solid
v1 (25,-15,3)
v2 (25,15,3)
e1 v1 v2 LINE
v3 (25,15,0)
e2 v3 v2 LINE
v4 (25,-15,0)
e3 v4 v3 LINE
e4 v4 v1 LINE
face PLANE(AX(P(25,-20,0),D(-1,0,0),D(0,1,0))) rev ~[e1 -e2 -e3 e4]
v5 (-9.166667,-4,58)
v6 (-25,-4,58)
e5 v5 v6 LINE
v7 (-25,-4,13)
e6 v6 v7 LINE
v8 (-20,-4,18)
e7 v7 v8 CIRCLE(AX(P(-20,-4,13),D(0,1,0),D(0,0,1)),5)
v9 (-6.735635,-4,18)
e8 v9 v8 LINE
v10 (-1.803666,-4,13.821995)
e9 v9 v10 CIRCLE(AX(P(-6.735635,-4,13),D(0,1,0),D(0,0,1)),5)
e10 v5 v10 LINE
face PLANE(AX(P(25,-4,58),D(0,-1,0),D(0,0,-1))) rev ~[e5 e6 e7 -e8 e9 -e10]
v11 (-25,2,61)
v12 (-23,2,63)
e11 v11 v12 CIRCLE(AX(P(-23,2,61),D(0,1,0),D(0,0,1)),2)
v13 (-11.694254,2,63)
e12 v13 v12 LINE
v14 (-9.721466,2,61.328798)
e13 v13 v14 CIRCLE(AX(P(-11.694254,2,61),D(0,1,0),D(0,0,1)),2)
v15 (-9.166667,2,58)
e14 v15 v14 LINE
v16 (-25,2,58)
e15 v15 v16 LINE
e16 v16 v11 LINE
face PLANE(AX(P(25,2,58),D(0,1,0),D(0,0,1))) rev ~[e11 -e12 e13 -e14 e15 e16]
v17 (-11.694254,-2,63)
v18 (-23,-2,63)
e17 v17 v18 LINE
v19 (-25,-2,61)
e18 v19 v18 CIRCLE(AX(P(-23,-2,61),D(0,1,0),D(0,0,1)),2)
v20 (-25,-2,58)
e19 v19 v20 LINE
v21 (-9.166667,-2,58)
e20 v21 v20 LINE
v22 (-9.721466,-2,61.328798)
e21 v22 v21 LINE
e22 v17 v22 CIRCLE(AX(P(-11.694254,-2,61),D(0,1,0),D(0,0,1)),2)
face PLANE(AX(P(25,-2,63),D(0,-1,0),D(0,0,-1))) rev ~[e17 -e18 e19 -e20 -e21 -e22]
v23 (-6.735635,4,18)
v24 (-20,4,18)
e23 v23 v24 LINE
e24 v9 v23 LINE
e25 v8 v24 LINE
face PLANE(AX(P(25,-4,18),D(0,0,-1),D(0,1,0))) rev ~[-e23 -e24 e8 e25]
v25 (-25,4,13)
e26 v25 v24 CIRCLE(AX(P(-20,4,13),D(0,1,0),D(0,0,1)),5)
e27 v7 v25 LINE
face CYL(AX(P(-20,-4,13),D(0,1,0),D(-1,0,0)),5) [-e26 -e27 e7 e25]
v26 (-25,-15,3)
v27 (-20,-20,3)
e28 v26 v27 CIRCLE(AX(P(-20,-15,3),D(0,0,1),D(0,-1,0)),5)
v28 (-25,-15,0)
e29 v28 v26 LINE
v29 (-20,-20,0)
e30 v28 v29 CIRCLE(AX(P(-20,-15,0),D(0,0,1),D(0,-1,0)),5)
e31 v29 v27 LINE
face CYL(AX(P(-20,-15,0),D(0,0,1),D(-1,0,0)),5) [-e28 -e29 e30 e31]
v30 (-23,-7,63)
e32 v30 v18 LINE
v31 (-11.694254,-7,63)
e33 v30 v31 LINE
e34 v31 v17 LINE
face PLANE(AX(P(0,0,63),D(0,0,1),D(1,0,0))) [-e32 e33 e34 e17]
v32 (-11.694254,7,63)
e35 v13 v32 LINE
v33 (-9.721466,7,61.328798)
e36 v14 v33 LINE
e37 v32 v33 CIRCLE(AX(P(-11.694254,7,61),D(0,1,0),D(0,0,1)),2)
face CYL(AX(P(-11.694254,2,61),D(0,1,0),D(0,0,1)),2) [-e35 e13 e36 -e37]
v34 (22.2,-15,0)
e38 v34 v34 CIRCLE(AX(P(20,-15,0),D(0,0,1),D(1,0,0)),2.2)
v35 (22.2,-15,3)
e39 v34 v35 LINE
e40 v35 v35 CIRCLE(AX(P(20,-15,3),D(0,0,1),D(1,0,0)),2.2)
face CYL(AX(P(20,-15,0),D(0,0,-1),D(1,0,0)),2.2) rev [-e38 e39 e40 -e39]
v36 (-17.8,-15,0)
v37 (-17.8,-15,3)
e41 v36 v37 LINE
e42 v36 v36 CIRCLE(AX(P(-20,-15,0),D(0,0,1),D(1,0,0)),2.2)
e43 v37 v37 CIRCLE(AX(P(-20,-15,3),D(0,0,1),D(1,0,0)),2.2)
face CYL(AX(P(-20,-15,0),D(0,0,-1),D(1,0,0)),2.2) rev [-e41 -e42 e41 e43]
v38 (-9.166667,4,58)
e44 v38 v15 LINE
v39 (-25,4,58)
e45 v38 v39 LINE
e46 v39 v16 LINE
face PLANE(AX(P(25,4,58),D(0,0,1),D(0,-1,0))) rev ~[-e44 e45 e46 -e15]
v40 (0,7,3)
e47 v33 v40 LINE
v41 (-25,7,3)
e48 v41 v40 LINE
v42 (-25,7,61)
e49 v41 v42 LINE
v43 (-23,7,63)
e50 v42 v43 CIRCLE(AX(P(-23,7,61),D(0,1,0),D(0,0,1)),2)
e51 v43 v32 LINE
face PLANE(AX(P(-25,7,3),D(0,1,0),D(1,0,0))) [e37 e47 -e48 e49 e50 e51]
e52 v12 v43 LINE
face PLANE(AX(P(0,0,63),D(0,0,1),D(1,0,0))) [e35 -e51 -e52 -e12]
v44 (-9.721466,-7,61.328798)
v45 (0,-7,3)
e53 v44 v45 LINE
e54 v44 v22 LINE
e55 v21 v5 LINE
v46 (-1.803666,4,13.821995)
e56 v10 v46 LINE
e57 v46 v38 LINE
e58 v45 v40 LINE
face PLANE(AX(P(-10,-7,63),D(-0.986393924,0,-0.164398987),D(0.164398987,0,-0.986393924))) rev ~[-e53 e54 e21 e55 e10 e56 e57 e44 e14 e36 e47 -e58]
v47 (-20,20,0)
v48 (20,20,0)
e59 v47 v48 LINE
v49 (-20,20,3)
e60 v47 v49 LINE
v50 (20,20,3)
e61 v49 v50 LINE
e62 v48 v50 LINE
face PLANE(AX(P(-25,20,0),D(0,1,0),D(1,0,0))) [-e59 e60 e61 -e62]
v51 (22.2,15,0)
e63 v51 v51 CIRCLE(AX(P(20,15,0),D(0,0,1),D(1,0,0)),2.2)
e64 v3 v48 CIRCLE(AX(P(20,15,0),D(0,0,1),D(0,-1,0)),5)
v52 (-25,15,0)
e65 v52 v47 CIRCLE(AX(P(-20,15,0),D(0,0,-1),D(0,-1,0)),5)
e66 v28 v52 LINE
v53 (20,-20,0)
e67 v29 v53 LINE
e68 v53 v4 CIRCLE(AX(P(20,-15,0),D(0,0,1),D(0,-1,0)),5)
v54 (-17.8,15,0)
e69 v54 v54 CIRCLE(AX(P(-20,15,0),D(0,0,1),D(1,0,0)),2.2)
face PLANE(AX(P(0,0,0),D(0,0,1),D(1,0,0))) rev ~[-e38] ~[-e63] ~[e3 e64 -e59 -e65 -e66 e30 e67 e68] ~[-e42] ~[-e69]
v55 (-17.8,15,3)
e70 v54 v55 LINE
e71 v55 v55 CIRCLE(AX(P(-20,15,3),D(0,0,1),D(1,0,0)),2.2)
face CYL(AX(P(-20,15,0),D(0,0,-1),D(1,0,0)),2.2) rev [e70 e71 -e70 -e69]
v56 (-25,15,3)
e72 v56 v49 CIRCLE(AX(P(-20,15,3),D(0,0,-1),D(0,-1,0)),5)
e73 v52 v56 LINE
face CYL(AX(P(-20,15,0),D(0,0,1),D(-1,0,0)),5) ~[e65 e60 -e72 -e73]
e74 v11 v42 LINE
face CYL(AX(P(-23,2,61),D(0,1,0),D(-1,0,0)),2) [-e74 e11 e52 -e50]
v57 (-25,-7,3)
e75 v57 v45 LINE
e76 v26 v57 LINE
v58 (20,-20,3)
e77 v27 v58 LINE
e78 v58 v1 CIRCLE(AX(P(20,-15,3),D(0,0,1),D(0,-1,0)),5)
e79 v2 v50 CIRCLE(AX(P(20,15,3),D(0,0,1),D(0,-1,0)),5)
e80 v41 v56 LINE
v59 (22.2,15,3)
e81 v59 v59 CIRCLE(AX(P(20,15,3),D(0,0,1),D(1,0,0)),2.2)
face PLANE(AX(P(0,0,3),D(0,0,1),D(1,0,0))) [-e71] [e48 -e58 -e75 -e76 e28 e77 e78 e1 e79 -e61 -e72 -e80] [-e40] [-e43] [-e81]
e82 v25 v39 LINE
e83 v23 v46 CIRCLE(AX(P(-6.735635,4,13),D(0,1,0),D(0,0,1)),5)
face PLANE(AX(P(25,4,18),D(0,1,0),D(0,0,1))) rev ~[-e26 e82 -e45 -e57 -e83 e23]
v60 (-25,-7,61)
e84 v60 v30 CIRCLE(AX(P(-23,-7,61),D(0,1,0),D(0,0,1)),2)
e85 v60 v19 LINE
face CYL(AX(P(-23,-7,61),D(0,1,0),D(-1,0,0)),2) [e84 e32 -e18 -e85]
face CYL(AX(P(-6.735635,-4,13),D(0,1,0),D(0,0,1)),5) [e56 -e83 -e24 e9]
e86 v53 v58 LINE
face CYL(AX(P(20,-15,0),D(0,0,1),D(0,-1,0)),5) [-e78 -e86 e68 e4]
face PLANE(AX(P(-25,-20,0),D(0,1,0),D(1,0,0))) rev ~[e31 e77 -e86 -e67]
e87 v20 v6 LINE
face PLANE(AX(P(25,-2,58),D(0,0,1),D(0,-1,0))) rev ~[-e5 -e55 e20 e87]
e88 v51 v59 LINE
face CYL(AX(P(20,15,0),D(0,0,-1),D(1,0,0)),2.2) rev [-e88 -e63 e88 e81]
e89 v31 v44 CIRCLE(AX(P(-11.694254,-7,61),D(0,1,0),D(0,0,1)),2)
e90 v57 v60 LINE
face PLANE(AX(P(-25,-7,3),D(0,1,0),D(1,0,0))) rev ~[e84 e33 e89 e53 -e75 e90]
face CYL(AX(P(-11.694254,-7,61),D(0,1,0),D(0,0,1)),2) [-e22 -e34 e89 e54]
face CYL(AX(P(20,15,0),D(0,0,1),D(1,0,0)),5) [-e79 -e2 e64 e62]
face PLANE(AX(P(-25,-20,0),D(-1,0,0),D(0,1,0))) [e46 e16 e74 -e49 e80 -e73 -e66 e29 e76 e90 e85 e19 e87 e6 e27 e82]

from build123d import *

# Parameters (mm, degrees)
SKETCH_W        = 50
SKETCH_H        = 40
SKETCH_R        = 2.2
PAD_DEPTH       = 3
SKETCH001_W     = 50
SKETCH001_H     = 14
PAD001_DEPTH    = 60
POCKET_DEPTH    = 50
POCKET001_DEPTH = 14
FILLET_R        = 5
FILLET001_R     = 2
FILLET002_R     = 5


with BuildPart() as part:
    # Sketch → Pad (new body)
    with BuildSketch(Plane.XY):
        Rectangle(SKETCH_W, SKETCH_H)
        with Locations((-20, -15)):
            Circle(SKETCH_R, mode=Mode.SUBTRACT)
        with Locations((20, 15)):
            Circle(SKETCH_R, mode=Mode.SUBTRACT)
        with Locations((20, -15)):
            Circle(SKETCH_R, mode=Mode.SUBTRACT)
        with Locations((-20, 15)):
            Circle(SKETCH_R, mode=Mode.SUBTRACT)
    extrude(amount=PAD_DEPTH)

    # Sketch001 (on Face10 of Pad) → Pad001 (join)
    with BuildSketch(Plane.XY.offset(3)):
        Rectangle(SKETCH001_W, SKETCH001_H)
    extrude(amount=PAD001_DEPTH)

    # Sketch002 (on Face9 of Pad001) → Pocket (cut)
    with BuildSketch(Plane.YZ.offset(25)):
        Polygon((-2, 63), (-2, 58), (-4, 58), (-4, 18), (4, 18), (4, 58), (2, 58), (2, 63), align=None)
    extrude(amount=-POCKET_DEPTH, mode=Mode.SUBTRACT)

    # Sketch003 (on Face15 of Pocket) → Pocket001 (cut)
    with BuildSketch(Plane.XZ.offset(7)):
        Polygon((-10, 63), (0, 3), (25, 3), (25, 63), align=None)
    extrude(amount=-POCKET001_DEPTH, mode=Mode.SUBTRACT)

    # Fillet
    fillet_edges = [part.edges().sort_by_distance(p)[0] for p in [
        (-25, -20, 1.5),
        (25, -20, 1.5),
        (25, 20, 1.5),
        (-25, 20, 1.5),
    ]]
    fillet(fillet_edges, radius=FILLET_R)

    # Fillet001
    fillet001_edges = [part.edges().sort_by_distance(p)[0] for p in [
        (-10, -4.5, 63),
        (-25, -4.5, 63),
        (-10, 4.5, 63),
        (-25, 4.5, 63),
    ]]
    fillet(fillet001_edges, radius=FILLET001_R)

    # Fillet002
    fillet002_edges = [part.edges().sort_by_distance(p)[0] for p in [
        (-2.5, 0, 18),
        (-25, 0, 18),
    ]]
    fillet(fillet002_edges, radius=FILLET002_R)


solid = part.part
